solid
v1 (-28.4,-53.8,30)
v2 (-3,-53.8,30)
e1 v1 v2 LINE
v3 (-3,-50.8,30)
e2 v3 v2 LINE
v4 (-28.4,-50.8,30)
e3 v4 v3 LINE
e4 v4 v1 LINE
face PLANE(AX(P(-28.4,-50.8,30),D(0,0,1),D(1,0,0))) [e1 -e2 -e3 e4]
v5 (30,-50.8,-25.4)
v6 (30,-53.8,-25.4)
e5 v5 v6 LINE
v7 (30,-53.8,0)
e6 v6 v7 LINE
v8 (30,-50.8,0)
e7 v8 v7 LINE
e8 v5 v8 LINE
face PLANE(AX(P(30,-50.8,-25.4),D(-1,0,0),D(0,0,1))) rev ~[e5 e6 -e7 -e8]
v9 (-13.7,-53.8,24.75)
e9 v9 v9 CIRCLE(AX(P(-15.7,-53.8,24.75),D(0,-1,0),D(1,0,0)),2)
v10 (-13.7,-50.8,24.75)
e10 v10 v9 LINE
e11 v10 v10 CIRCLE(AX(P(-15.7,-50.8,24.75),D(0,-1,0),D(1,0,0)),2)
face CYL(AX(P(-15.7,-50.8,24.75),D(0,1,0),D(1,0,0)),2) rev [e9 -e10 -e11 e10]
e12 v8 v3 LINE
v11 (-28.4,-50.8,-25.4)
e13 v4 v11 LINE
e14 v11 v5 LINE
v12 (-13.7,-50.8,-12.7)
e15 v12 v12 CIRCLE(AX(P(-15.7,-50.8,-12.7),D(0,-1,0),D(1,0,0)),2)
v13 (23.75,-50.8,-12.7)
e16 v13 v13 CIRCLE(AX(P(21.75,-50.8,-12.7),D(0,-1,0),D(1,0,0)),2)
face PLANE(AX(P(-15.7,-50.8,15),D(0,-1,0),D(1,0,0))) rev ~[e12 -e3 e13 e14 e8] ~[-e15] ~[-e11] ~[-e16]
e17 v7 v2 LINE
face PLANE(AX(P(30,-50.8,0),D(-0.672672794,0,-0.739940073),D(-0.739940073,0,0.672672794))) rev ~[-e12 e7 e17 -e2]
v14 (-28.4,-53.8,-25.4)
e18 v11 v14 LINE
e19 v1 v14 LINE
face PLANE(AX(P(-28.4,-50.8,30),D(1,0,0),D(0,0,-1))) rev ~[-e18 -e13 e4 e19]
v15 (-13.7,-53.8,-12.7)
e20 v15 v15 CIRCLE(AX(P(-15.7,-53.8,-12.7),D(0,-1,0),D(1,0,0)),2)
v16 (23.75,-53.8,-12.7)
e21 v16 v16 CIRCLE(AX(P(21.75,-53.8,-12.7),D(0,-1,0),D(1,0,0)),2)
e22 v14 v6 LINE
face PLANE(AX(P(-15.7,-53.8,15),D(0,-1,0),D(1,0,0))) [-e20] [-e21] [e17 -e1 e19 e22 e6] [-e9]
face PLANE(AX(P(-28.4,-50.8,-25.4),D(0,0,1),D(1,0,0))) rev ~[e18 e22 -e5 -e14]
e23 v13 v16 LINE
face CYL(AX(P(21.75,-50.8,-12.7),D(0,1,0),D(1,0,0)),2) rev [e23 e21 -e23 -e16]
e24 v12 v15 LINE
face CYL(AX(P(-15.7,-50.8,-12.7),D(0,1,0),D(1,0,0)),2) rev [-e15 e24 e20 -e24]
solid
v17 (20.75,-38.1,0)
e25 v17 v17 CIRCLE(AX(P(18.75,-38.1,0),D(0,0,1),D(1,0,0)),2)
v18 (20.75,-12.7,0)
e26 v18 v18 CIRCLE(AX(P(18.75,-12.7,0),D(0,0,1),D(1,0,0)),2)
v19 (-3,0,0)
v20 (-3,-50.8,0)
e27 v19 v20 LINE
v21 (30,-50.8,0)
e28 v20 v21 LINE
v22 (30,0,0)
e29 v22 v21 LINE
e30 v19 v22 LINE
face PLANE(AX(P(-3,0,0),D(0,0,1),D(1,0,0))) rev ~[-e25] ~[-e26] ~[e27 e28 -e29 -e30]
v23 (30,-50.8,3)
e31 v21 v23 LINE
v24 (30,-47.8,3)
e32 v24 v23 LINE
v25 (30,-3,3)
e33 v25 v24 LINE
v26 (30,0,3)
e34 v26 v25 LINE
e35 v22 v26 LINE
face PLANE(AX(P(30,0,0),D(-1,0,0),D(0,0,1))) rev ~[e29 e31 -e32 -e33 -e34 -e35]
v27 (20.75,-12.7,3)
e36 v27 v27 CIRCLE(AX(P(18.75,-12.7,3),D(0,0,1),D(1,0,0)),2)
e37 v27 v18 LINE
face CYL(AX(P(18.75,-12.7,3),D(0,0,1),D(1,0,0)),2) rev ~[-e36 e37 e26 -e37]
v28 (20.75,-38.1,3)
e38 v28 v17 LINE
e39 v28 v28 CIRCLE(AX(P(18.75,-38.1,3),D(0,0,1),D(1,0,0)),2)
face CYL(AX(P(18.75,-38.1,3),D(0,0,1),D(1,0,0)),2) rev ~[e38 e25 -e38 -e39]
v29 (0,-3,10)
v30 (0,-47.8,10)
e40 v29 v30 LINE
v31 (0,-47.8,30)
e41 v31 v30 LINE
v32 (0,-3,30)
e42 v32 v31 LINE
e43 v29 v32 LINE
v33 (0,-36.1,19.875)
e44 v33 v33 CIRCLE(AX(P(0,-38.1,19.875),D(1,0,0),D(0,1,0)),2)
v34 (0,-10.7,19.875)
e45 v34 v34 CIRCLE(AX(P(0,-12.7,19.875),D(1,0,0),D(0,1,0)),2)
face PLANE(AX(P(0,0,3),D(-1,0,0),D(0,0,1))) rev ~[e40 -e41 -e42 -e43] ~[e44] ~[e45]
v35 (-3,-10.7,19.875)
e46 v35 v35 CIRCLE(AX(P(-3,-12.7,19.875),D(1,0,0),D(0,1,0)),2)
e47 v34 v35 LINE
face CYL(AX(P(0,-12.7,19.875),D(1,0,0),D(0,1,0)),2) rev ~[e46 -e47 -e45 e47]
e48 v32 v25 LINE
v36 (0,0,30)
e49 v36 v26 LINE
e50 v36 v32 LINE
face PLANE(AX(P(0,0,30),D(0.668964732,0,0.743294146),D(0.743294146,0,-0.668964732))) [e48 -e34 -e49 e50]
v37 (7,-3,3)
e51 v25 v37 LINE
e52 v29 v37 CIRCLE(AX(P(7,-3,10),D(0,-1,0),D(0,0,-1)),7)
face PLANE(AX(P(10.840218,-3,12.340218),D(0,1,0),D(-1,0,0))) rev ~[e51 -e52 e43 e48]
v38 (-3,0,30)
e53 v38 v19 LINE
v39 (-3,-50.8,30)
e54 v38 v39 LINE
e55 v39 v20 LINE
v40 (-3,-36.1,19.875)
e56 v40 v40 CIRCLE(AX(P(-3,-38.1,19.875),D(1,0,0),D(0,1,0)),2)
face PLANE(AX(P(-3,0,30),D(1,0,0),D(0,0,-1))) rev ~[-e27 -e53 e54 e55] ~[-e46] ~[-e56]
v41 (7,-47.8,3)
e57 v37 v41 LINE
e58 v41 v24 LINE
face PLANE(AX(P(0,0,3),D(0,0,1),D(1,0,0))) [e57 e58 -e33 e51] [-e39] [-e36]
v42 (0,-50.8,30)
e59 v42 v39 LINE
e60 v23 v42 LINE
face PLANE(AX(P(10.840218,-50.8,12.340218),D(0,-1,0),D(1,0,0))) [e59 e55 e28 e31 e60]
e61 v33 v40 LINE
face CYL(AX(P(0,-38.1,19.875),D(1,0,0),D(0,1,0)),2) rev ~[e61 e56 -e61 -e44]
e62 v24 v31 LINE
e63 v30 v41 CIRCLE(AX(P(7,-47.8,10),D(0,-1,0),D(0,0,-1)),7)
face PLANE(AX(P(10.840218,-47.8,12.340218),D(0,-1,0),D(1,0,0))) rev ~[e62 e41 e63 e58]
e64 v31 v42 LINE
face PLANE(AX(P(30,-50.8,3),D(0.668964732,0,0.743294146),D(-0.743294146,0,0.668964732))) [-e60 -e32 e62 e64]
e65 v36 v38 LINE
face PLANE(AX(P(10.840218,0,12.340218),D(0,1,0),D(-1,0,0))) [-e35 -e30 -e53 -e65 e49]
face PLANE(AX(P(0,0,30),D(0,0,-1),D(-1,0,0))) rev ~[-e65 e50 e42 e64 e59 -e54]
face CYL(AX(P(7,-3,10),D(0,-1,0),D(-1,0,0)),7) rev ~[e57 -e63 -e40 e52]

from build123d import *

# Parameters (mm, degrees)
F0_W      = 30
F0_H      = 3
F1_DEPTH  = 50.8
F2_R      = 2
F3_DEPTH  = 3.001
F4_R      = 2
F5_DEPTH  = 3.001
F7_DEPTH  = 3
F9_DEPTH  = 3
F10_R     = 7
F11_W     = 25.4
F11_H     = 30
F11_R     = 2
F11_W_2   = 33
F11_H_2   = 25.4
F12_DEPTH = 3


with BuildPart() as f1:
    # F0 (on Front) → F1 (new body)
    with BuildSketch(Plane.XZ):
        with Locations((15, 1.5)):
            Rectangle(F0_W, F0_H)
        Polygon((-3, 0), (0, 0), (0, 3), (0, 30), (-3, 30), align=None)
    extrude(amount=F1_DEPTH)

    # F2 (on face) → F3 (cut, through all)
    with BuildSketch(Plane.XY.offset(3)):
        with Locations((18.75, -12.7)):
            Circle(F2_R)
        with Locations((18.75, -38.1)):
            Circle(F2_R)
    extrude(amount=-F3_DEPTH, mode=Mode.SUBTRACT)

    # F4 (on face) → F5 (cut, through all)
    with BuildSketch(Plane.YZ):
        with Locations((-38.1, 19.875)):
            Circle(F4_R)
        with Locations((-12.7, 19.875)):
            Circle(F4_R)
    extrude(amount=-F5_DEPTH, mode=Mode.SUBTRACT)

    # F6 (on face) → F7 (join)
    with BuildSketch(Plane.XZ.offset(50.8)):
        Polygon((30, 3), (0, 30), (0, 3), align=None)
    extrude(amount=-F7_DEPTH)

    # F8 (on face) → F9 (join)
    with BuildSketch(Plane(origin=(0, 0, 0), x_dir=(-1, 0, 0), z_dir=(0, 1, 0))):
        Polygon((0, 30), (-30, 3), (0, 3), align=None)
    extrude(amount=-F9_DEPTH)

    # F10
    f10_edges = [f1.edges().sort_by_distance(p)[0] for p in [
        (0, -25.4, 3),
    ]]
    fillet(f10_edges, radius=F10_R)


with BuildPart() as f12:
    # F11 (on face) → F12 (new body)
    with BuildSketch(Plane.XZ.offset(50.8)):
        with Locations((-15.7, 15)):
            Rectangle(F11_W, F11_H)
        with Locations((-15.7, 24.75)):
            Circle(F11_R, mode=Mode.SUBTRACT)
        Polygon((30, 0), (-3, 30), (-3, 0), align=None)
        with Locations((13.5, -12.7)):
            Rectangle(F11_W_2, F11_H_2)
        with Locations((21.75, -12.7)):
            Circle(F11_R, mode=Mode.SUBTRACT)
        with Locations((-15.7, -12.7)):
            Rectangle(F11_W, F11_H_2)
        with Locations((-15.7, -12.7)):
            Circle(F11_R, mode=Mode.SUBTRACT)
    extrude(amount=F12_DEPTH)


solid = Compound([f1.part, f12.part])
